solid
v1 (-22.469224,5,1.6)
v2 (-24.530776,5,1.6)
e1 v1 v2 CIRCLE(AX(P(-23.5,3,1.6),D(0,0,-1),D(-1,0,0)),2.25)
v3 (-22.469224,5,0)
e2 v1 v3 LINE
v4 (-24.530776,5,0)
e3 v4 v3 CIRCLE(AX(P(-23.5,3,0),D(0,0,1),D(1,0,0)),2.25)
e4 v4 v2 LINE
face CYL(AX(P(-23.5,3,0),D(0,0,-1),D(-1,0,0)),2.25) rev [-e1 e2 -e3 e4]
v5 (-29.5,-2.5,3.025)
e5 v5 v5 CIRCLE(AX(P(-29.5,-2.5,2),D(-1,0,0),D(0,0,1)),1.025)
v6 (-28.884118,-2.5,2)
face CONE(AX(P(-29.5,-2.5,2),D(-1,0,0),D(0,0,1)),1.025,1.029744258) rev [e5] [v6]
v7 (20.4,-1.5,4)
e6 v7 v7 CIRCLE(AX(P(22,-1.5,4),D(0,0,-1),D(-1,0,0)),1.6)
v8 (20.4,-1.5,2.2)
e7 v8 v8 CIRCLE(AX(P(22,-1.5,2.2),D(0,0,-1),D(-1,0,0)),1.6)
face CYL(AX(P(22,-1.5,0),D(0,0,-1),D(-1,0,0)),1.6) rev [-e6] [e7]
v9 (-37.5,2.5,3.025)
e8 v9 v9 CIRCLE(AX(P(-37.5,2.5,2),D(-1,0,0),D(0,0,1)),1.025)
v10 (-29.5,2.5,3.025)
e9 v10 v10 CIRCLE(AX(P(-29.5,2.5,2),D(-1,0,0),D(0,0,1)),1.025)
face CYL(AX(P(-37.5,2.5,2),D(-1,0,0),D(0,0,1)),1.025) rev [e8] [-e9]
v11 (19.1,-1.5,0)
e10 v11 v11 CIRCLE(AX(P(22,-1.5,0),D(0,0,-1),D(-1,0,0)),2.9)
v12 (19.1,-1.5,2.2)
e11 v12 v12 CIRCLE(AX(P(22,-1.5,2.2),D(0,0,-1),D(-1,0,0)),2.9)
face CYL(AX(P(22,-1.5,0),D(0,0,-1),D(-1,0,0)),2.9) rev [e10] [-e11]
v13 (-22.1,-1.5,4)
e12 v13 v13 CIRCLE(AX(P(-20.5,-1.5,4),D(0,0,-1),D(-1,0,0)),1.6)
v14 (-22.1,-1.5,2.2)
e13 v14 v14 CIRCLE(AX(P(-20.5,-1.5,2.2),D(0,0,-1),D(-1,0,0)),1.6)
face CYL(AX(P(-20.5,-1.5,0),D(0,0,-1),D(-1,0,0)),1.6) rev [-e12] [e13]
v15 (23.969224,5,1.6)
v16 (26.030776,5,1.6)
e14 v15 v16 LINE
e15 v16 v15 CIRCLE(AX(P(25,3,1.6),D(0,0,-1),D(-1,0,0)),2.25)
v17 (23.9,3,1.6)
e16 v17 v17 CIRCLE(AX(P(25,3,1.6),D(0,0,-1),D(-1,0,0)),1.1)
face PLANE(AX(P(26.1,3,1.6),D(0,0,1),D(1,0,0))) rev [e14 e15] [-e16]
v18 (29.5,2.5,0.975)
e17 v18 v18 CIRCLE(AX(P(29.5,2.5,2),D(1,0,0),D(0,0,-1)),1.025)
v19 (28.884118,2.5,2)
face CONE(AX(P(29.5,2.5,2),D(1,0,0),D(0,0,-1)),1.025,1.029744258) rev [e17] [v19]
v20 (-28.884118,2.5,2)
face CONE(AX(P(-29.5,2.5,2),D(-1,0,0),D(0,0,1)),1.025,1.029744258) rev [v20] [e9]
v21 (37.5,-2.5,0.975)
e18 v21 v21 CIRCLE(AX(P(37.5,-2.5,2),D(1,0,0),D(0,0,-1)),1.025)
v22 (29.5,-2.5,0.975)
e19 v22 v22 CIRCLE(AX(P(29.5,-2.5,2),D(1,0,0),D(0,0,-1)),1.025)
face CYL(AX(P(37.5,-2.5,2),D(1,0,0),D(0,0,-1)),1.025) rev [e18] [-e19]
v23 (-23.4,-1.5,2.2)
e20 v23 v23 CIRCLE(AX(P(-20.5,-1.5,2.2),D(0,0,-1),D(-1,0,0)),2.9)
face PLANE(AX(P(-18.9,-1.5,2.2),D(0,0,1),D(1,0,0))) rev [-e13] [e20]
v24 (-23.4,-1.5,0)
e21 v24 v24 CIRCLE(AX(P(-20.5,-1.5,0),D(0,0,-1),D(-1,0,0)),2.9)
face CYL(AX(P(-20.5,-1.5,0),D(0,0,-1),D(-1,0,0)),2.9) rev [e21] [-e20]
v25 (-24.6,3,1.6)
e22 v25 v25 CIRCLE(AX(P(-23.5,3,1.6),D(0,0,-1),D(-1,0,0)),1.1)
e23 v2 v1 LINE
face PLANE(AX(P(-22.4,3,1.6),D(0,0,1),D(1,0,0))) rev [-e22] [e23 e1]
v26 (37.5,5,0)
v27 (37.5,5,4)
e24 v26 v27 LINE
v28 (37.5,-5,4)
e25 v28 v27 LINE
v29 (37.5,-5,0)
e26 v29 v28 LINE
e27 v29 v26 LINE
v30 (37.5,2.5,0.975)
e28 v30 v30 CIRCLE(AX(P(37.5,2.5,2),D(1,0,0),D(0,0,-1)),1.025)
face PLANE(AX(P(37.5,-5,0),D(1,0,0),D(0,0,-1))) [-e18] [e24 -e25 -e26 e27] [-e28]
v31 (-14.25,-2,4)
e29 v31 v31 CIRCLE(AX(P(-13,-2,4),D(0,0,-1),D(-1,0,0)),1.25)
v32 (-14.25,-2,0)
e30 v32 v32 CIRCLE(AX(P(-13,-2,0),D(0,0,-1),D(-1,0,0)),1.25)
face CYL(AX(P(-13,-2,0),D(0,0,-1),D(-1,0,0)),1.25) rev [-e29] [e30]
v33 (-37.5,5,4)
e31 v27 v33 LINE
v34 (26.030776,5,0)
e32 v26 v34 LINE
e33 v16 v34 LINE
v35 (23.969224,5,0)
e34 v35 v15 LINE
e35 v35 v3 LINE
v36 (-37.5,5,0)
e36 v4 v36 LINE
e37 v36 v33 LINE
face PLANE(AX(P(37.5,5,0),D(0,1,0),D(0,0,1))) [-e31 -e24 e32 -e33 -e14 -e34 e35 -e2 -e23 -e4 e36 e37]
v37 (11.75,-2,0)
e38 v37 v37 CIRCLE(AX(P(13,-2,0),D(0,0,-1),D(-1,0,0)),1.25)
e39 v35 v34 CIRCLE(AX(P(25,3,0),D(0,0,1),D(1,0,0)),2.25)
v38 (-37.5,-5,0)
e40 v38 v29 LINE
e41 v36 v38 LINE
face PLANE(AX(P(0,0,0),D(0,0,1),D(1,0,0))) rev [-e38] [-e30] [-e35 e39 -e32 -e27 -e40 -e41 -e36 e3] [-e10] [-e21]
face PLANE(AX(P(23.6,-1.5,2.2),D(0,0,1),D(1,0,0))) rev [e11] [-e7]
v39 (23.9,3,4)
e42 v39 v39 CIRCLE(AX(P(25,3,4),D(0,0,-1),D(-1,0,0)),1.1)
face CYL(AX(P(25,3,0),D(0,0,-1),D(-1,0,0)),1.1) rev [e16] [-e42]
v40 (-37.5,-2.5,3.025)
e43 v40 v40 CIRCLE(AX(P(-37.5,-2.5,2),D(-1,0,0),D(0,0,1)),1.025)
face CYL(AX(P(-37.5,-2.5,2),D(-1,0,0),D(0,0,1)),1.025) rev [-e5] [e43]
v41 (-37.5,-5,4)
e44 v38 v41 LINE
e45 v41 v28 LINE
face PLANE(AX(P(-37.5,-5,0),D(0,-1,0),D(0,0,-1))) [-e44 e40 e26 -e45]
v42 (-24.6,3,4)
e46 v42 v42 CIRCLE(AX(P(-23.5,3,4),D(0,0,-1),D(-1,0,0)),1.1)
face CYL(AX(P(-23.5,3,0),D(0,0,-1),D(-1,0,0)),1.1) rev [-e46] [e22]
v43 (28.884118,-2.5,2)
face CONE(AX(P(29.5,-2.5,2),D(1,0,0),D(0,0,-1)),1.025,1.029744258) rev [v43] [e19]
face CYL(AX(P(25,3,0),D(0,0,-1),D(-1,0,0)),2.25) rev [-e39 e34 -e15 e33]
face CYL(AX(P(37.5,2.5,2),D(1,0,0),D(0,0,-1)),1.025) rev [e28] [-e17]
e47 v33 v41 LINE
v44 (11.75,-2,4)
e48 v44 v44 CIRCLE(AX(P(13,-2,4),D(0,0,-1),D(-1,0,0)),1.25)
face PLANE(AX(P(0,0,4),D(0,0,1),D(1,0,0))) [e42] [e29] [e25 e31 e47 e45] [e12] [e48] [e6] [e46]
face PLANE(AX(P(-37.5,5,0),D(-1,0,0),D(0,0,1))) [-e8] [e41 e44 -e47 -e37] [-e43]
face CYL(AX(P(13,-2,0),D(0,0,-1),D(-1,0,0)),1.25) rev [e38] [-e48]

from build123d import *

# Parameters (mm, degrees)
SKETCH1_W                                        = 75
SKETCH1_H                                        = 10
BOSS_EXTRUDE1_DEPTH                              = 4
F_2_5_2_5_DIAMETER_HOLE1_D                       = 2.5
F_2_5_2_5_DIAMETER_HOLE1_DEPTH                   = 4
CBORE_FOR_M3_HEX_HEAD_MACHINE_SCREW1_D           = 3.2
CBORE_FOR_M3_HEX_HEAD_MACHINE_SCREW1_DEPTH       = 4
CBORE_FOR_M3_HEX_HEAD_MACHINE_SCREW1_CBORE_D     = 5.8
CBORE_FOR_M3_HEX_HEAD_MACHINE_SCREW1_CBORE_DEPTH = 2.2
CBORE_FOR_M2_HEX_HEAD_MACHINE_SCREW1_D           = 2.2
CBORE_FOR_M2_HEX_HEAD_MACHINE_SCREW1_DEPTH       = 4
CBORE_FOR_M2_HEX_HEAD_MACHINE_SCREW1_CBORE_D     = 4.499999997
CBORE_FOR_M2_HEX_HEAD_MACHINE_SCREW1_CBORE_DEPTH = 1.6
F_2_05_2_05_DIAMETER_HOLE1_D                     = 2.05
F_2_05_2_05_DIAMETER_HOLE1_DEPTH                 = 8
F_2_05_2_05_DIAMETER_HOLE1_TIP                   = 0.615882135
F_2_05_2_05_DIAMETER_HOLE2_D                     = 2.05
F_2_05_2_05_DIAMETER_HOLE2_DEPTH                 = 8
F_2_05_2_05_DIAMETER_HOLE2_TIP                   = 0.615882135


with BuildPart() as part:
    # Sketch1 → Boss-Extrude1 (new body)
    with BuildSketch(Plane.XY.offset(4)):
        Rectangle(SKETCH1_W, SKETCH1_H)
    extrude(amount=-BOSS_EXTRUDE1_DEPTH)

    # Ø2.5 (2.5) Diameter Hole1
    with Locations(Plane(origin=(0, 0, 0), x_dir=(-1, 0, 0), z_dir=(0, 0, -1))):
        with Locations((-13, -2), (13, -2)):
            Hole(F_2_5_2_5_DIAMETER_HOLE1_D / 2, depth=F_2_5_2_5_DIAMETER_HOLE1_DEPTH)

    # CBORE for M3 Hex Head Machine Screw1
    with Locations(Plane(origin=(0, 0, 0), x_dir=(-1, 0, 0), z_dir=(0, 0, -1))):
        with Locations((-22, -1.5), (20.5, -1.5)):
            CounterBoreHole(CBORE_FOR_M3_HEX_HEAD_MACHINE_SCREW1_D / 2, CBORE_FOR_M3_HEX_HEAD_MACHINE_SCREW1_CBORE_D / 2, CBORE_FOR_M3_HEX_HEAD_MACHINE_SCREW1_CBORE_DEPTH, depth=CBORE_FOR_M3_HEX_HEAD_MACHINE_SCREW1_DEPTH)

    # CBORE for M2 Hex Head Machine Screw1
    with Locations(Plane(origin=(0, 0, 0), x_dir=(-1, 0, 0), z_dir=(0, 0, -1))):
        with Locations((23.5, 3), (-25, 3)):
            CounterBoreHole(CBORE_FOR_M2_HEX_HEAD_MACHINE_SCREW1_D / 2, CBORE_FOR_M2_HEX_HEAD_MACHINE_SCREW1_CBORE_D / 2, CBORE_FOR_M2_HEX_HEAD_MACHINE_SCREW1_CBORE_DEPTH, depth=CBORE_FOR_M2_HEX_HEAD_MACHINE_SCREW1_DEPTH)

    # Ø2.05 (2.05) Diameter Hole1
    with Locations(Plane(origin=(37.5, 0, 0), x_dir=(0, 0, -1), z_dir=(1, 0, 0))):
        with Locations((-2, 2.5), (-2, -2.5)):
            Hole(F_2_05_2_05_DIAMETER_HOLE1_D / 2, depth=F_2_05_2_05_DIAMETER_HOLE1_DEPTH)
            with Locations((0, 0, -(F_2_05_2_05_DIAMETER_HOLE1_DEPTH + F_2_05_2_05_DIAMETER_HOLE1_TIP / 2))):  # 118° drill point
                Cone(0, F_2_05_2_05_DIAMETER_HOLE1_D / 2, F_2_05_2_05_DIAMETER_HOLE1_TIP, mode=Mode.SUBTRACT)

    # Ø2.05 (2.05) Diameter Hole2
    with Locations(Plane.ZY.offset(37.5)):
        with Locations((2, -2.5), (2, 2.5)):
            Hole(F_2_05_2_05_DIAMETER_HOLE2_D / 2, depth=F_2_05_2_05_DIAMETER_HOLE2_DEPTH)
            with Locations((0, 0, -(F_2_05_2_05_DIAMETER_HOLE2_DEPTH + F_2_05_2_05_DIAMETER_HOLE2_TIP / 2))):  # 118° drill point
                Cone(0, F_2_05_2_05_DIAMETER_HOLE2_D / 2, F_2_05_2_05_DIAMETER_HOLE2_TIP, mode=Mode.SUBTRACT)


solid = part.part
